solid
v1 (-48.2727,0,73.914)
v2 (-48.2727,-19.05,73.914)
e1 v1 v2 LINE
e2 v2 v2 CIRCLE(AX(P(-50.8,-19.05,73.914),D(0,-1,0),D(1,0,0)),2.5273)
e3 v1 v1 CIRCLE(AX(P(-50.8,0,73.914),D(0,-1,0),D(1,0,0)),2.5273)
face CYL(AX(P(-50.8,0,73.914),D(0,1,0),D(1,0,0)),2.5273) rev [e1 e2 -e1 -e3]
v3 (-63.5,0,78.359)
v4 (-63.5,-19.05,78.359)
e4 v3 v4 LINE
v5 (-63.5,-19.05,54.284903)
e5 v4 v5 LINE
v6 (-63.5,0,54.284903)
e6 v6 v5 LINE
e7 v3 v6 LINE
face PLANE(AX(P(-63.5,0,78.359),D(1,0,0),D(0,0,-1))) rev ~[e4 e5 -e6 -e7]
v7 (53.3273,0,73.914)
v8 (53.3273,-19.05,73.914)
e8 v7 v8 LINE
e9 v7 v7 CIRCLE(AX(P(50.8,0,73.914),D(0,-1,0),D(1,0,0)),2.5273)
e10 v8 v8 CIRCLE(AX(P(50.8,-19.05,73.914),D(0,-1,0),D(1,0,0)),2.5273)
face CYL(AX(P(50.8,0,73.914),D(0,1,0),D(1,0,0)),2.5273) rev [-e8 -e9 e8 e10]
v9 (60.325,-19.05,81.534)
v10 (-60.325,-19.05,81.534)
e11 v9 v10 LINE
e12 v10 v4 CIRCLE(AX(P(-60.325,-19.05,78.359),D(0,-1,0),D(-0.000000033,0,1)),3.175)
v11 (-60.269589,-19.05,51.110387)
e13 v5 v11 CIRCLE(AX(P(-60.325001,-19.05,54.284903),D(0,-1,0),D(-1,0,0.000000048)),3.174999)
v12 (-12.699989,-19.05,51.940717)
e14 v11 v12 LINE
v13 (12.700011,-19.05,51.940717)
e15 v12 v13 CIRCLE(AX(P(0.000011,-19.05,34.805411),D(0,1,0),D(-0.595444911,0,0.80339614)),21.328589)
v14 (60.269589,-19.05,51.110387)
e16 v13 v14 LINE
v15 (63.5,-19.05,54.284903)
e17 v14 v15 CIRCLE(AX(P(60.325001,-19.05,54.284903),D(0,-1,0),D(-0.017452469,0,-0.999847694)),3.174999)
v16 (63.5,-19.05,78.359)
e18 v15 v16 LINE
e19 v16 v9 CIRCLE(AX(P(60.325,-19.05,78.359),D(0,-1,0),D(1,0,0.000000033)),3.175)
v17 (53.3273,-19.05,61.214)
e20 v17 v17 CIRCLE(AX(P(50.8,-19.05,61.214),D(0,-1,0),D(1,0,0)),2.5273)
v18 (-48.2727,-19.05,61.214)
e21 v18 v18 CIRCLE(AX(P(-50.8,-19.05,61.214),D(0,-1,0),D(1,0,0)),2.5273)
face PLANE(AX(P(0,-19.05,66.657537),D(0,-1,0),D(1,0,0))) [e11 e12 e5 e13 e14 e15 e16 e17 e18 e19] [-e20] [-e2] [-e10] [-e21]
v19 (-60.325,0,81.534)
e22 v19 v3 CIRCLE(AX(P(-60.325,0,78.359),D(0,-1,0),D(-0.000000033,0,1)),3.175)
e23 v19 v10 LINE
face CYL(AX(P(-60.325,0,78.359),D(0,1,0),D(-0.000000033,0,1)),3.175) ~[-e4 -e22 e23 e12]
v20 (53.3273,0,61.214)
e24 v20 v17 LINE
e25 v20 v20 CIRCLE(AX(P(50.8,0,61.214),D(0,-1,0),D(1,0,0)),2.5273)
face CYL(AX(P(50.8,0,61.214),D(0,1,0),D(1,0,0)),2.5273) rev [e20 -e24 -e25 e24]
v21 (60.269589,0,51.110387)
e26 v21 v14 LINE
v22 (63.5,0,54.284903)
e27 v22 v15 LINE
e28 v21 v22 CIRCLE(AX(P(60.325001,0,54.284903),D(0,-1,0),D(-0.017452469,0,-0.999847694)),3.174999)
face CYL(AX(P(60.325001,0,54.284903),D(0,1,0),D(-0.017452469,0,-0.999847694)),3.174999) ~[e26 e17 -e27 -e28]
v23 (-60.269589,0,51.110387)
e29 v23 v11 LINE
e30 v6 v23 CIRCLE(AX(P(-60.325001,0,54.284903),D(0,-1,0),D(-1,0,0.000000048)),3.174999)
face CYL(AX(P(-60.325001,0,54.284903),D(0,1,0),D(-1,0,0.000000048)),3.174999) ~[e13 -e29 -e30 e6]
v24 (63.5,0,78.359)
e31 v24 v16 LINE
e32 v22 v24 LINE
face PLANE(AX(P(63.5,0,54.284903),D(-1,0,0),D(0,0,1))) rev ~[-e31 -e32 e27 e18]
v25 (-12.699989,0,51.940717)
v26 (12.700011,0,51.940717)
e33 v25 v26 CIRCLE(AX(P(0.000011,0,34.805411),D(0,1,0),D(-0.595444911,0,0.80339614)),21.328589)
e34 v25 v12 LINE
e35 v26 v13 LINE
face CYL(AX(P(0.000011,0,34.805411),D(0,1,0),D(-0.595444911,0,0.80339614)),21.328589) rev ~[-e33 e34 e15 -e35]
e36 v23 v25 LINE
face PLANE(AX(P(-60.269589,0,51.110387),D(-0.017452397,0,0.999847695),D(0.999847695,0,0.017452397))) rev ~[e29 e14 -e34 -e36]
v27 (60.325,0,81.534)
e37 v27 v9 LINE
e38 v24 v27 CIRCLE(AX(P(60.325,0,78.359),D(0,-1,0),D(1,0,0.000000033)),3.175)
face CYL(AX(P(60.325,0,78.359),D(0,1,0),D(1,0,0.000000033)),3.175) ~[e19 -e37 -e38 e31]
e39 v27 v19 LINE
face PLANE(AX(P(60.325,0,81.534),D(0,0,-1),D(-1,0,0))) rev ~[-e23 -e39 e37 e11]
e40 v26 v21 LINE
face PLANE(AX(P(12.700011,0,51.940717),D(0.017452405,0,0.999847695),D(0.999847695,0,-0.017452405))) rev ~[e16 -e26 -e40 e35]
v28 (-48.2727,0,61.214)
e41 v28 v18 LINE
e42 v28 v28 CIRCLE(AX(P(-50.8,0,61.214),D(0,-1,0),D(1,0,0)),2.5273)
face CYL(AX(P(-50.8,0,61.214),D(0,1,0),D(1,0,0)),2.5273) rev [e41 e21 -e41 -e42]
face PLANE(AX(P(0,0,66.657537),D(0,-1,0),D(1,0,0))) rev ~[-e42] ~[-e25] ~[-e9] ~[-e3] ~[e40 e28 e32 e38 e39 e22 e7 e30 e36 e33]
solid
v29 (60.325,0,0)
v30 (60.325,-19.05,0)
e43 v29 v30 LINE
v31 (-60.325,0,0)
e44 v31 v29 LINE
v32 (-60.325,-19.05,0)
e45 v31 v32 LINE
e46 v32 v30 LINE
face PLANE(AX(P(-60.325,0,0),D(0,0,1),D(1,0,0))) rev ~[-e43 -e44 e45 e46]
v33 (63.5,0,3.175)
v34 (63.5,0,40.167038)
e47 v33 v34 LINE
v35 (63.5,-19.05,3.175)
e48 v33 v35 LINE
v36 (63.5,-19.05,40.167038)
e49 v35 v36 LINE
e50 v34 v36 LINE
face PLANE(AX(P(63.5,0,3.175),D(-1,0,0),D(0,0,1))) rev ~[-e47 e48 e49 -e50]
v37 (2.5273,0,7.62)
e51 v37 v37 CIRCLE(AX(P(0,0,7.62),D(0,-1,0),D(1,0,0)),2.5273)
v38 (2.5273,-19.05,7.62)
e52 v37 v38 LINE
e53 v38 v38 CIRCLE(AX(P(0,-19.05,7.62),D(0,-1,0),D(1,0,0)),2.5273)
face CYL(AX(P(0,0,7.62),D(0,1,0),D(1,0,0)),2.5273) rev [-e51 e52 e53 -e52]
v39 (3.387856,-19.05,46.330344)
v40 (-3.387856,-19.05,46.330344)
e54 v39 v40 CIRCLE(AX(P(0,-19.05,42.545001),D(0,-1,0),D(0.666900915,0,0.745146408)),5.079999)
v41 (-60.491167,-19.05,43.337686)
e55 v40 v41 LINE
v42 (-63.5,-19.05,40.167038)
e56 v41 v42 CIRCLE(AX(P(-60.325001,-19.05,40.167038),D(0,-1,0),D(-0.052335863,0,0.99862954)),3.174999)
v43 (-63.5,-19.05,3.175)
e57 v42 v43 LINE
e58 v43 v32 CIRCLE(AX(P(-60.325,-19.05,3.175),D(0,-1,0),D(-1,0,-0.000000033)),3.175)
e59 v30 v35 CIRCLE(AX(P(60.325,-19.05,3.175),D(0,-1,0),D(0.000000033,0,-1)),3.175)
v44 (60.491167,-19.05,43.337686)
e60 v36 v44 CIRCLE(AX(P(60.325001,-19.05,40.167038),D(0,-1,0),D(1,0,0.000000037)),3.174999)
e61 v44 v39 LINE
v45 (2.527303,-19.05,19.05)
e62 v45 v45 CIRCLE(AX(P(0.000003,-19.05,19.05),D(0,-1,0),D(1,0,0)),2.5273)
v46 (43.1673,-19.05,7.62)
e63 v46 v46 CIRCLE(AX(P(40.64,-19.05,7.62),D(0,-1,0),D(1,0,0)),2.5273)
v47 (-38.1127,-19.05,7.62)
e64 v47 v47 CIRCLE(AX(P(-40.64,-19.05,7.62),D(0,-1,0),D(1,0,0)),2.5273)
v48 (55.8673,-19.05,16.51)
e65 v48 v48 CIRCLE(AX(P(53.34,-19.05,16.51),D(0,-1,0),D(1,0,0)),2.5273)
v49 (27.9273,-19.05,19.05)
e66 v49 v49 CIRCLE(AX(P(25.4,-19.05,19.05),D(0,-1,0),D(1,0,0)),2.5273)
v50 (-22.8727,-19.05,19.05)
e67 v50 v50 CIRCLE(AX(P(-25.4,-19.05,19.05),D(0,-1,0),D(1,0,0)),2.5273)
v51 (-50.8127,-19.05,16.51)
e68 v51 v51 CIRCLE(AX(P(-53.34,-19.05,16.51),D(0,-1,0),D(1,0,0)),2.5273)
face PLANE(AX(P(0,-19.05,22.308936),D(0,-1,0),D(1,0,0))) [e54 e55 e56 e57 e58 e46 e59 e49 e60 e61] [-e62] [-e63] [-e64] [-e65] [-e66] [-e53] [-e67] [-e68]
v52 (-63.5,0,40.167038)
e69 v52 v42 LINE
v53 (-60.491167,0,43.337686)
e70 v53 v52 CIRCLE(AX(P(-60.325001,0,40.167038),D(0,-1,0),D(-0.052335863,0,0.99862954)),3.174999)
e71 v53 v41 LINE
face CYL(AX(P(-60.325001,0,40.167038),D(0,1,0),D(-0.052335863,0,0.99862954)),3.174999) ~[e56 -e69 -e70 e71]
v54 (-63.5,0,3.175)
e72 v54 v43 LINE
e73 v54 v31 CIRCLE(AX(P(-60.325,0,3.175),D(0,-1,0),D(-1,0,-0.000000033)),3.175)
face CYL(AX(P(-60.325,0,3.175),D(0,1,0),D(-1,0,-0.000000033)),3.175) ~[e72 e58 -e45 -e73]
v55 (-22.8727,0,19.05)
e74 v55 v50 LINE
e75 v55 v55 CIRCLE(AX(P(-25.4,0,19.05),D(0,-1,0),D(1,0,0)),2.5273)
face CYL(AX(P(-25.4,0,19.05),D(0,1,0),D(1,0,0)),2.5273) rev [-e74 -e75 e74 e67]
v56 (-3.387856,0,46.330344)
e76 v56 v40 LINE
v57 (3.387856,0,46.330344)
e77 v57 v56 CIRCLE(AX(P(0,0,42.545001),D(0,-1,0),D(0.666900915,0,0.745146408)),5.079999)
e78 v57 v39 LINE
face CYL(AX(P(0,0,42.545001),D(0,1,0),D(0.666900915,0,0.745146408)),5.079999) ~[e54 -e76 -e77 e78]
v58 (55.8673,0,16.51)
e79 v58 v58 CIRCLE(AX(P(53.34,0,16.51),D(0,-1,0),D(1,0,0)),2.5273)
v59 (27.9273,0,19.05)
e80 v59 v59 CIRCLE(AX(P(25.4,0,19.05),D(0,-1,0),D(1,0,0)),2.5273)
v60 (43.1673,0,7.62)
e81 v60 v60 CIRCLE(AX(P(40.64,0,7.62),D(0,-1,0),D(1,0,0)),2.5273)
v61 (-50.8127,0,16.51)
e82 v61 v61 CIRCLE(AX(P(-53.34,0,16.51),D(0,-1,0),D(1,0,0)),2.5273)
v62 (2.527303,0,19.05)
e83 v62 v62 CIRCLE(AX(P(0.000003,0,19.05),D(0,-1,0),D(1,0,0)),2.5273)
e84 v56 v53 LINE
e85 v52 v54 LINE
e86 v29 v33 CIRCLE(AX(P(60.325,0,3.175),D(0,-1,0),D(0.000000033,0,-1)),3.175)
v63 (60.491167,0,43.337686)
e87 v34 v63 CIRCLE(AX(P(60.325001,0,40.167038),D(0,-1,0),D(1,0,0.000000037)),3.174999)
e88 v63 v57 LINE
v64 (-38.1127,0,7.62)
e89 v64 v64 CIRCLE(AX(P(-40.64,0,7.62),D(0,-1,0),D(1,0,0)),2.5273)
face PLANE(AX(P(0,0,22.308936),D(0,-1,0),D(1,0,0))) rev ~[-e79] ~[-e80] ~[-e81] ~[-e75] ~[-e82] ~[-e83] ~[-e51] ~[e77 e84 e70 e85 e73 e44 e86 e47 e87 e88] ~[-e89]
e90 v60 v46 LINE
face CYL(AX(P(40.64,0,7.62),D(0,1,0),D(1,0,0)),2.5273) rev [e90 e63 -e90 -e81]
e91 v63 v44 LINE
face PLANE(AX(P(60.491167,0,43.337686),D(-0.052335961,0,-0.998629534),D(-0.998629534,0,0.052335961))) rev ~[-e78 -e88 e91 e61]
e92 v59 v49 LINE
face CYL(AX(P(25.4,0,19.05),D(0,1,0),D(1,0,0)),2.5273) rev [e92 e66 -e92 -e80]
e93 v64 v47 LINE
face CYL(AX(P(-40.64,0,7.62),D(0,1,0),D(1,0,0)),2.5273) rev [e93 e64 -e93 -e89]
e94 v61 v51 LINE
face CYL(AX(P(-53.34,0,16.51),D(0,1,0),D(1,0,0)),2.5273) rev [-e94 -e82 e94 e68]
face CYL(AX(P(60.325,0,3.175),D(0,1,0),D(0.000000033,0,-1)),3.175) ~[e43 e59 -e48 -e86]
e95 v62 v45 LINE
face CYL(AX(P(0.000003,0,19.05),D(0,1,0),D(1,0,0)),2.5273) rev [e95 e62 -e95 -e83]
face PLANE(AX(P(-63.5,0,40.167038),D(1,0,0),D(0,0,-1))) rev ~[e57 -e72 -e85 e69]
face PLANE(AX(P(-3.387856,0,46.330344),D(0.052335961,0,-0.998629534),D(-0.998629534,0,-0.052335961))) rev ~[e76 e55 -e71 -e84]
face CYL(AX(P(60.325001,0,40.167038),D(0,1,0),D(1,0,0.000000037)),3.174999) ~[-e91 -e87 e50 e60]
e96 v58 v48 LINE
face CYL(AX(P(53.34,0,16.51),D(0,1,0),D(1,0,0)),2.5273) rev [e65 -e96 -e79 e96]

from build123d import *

# Parameters (mm, degrees)
F0_R     = 2.5273
F1_DEPTH = 19.05


with BuildPart() as f1:
    # F0 (on Front) → F1 (new body)
    with BuildSketch(Plane.XZ):
        with BuildLine():
            ThreePointArc((-63.5, 3.175), (-62.570064, 0.929936), (-60.325, 0))
            Line((-60.325, 0), (60.325, 0))
            ThreePointArc((60.325, 0), (62.570064, 0.929936), (63.5, 3.175))
            Line((63.5, 3.175), (63.5, 40.167038))
            ThreePointArc((63.5, 40.167038), (62.628064, 42.352563), (60.491167, 43.337686))
            Line((60.491167, 43.337686), (3.387856, 46.330344))
            ThreePointArc((3.387856, 46.330344), (0, 47.625), (-3.387856, 46.330344))
            Line((-3.387856, 46.330344), (-60.491167, 43.337686))
            ThreePointArc((-60.491167, 43.337686), (-62.628064, 42.352563), (-63.5, 40.167038))
            Line((-63.5, 40.167038), (-63.5, 3.175))
        make_face()
        with Locations((-40.64, 7.62)):
            Circle(F0_R, mode=Mode.SUBTRACT)
        with Locations((-53.34, 16.51)):
            Circle(F0_R, mode=Mode.SUBTRACT)
        with Locations((-25.4, 19.05)):
            Circle(F0_R, mode=Mode.SUBTRACT)
        with Locations((0, 7.62)):
            Circle(F0_R, mode=Mode.SUBTRACT)
        with Locations((3e-06, 19.05)):
            Circle(F0_R, mode=Mode.SUBTRACT)
        with Locations((25.4, 19.05)):
            Circle(F0_R, mode=Mode.SUBTRACT)
        with Locations((40.64, 7.62)):
            Circle(F0_R, mode=Mode.SUBTRACT)
        with Locations((53.34, 16.51)):
            Circle(F0_R, mode=Mode.SUBTRACT)
        with BuildLine():
            Line((60.325, 81.534), (-60.325, 81.534))
            ThreePointArc((-60.325, 81.534), (-62.570064, 80.604064), (-63.5, 78.359))
            Line((-63.5, 78.359), (-63.5, 54.284903))
            ThreePointArc((-63.5, 54.284903), (-62.550387, 52.020333), (-60.269589, 51.110387))
            Line((-60.269589, 51.110387), (-12.699989, 51.940717))
            ThreePointArc((-12.699989, 51.940717), (1.1e-05, 56.134), (12.700011, 51.940717))
            Line((12.700011, 51.940717), (60.269589, 51.110387))
            ThreePointArc((60.269589, 51.110387), (62.550387, 52.020333), (63.5, 54.284903))
            Line((63.5, 54.284903), (63.5, 78.359))
            ThreePointArc((63.5, 78.359), (62.570064, 80.604064), (60.325, 81.534))
        make_face()
        with Locations((-50.8, 61.214)):
            Circle(F0_R, mode=Mode.SUBTRACT)
        with Locations((-50.8, 73.914)):
            Circle(F0_R, mode=Mode.SUBTRACT)
        with Locations((50.8, 61.214)):
            Circle(F0_R, mode=Mode.SUBTRACT)
        with Locations((50.8, 73.914)):
            Circle(F0_R, mode=Mode.SUBTRACT)
    extrude(amount=F1_DEPTH)


solid = f1.part
